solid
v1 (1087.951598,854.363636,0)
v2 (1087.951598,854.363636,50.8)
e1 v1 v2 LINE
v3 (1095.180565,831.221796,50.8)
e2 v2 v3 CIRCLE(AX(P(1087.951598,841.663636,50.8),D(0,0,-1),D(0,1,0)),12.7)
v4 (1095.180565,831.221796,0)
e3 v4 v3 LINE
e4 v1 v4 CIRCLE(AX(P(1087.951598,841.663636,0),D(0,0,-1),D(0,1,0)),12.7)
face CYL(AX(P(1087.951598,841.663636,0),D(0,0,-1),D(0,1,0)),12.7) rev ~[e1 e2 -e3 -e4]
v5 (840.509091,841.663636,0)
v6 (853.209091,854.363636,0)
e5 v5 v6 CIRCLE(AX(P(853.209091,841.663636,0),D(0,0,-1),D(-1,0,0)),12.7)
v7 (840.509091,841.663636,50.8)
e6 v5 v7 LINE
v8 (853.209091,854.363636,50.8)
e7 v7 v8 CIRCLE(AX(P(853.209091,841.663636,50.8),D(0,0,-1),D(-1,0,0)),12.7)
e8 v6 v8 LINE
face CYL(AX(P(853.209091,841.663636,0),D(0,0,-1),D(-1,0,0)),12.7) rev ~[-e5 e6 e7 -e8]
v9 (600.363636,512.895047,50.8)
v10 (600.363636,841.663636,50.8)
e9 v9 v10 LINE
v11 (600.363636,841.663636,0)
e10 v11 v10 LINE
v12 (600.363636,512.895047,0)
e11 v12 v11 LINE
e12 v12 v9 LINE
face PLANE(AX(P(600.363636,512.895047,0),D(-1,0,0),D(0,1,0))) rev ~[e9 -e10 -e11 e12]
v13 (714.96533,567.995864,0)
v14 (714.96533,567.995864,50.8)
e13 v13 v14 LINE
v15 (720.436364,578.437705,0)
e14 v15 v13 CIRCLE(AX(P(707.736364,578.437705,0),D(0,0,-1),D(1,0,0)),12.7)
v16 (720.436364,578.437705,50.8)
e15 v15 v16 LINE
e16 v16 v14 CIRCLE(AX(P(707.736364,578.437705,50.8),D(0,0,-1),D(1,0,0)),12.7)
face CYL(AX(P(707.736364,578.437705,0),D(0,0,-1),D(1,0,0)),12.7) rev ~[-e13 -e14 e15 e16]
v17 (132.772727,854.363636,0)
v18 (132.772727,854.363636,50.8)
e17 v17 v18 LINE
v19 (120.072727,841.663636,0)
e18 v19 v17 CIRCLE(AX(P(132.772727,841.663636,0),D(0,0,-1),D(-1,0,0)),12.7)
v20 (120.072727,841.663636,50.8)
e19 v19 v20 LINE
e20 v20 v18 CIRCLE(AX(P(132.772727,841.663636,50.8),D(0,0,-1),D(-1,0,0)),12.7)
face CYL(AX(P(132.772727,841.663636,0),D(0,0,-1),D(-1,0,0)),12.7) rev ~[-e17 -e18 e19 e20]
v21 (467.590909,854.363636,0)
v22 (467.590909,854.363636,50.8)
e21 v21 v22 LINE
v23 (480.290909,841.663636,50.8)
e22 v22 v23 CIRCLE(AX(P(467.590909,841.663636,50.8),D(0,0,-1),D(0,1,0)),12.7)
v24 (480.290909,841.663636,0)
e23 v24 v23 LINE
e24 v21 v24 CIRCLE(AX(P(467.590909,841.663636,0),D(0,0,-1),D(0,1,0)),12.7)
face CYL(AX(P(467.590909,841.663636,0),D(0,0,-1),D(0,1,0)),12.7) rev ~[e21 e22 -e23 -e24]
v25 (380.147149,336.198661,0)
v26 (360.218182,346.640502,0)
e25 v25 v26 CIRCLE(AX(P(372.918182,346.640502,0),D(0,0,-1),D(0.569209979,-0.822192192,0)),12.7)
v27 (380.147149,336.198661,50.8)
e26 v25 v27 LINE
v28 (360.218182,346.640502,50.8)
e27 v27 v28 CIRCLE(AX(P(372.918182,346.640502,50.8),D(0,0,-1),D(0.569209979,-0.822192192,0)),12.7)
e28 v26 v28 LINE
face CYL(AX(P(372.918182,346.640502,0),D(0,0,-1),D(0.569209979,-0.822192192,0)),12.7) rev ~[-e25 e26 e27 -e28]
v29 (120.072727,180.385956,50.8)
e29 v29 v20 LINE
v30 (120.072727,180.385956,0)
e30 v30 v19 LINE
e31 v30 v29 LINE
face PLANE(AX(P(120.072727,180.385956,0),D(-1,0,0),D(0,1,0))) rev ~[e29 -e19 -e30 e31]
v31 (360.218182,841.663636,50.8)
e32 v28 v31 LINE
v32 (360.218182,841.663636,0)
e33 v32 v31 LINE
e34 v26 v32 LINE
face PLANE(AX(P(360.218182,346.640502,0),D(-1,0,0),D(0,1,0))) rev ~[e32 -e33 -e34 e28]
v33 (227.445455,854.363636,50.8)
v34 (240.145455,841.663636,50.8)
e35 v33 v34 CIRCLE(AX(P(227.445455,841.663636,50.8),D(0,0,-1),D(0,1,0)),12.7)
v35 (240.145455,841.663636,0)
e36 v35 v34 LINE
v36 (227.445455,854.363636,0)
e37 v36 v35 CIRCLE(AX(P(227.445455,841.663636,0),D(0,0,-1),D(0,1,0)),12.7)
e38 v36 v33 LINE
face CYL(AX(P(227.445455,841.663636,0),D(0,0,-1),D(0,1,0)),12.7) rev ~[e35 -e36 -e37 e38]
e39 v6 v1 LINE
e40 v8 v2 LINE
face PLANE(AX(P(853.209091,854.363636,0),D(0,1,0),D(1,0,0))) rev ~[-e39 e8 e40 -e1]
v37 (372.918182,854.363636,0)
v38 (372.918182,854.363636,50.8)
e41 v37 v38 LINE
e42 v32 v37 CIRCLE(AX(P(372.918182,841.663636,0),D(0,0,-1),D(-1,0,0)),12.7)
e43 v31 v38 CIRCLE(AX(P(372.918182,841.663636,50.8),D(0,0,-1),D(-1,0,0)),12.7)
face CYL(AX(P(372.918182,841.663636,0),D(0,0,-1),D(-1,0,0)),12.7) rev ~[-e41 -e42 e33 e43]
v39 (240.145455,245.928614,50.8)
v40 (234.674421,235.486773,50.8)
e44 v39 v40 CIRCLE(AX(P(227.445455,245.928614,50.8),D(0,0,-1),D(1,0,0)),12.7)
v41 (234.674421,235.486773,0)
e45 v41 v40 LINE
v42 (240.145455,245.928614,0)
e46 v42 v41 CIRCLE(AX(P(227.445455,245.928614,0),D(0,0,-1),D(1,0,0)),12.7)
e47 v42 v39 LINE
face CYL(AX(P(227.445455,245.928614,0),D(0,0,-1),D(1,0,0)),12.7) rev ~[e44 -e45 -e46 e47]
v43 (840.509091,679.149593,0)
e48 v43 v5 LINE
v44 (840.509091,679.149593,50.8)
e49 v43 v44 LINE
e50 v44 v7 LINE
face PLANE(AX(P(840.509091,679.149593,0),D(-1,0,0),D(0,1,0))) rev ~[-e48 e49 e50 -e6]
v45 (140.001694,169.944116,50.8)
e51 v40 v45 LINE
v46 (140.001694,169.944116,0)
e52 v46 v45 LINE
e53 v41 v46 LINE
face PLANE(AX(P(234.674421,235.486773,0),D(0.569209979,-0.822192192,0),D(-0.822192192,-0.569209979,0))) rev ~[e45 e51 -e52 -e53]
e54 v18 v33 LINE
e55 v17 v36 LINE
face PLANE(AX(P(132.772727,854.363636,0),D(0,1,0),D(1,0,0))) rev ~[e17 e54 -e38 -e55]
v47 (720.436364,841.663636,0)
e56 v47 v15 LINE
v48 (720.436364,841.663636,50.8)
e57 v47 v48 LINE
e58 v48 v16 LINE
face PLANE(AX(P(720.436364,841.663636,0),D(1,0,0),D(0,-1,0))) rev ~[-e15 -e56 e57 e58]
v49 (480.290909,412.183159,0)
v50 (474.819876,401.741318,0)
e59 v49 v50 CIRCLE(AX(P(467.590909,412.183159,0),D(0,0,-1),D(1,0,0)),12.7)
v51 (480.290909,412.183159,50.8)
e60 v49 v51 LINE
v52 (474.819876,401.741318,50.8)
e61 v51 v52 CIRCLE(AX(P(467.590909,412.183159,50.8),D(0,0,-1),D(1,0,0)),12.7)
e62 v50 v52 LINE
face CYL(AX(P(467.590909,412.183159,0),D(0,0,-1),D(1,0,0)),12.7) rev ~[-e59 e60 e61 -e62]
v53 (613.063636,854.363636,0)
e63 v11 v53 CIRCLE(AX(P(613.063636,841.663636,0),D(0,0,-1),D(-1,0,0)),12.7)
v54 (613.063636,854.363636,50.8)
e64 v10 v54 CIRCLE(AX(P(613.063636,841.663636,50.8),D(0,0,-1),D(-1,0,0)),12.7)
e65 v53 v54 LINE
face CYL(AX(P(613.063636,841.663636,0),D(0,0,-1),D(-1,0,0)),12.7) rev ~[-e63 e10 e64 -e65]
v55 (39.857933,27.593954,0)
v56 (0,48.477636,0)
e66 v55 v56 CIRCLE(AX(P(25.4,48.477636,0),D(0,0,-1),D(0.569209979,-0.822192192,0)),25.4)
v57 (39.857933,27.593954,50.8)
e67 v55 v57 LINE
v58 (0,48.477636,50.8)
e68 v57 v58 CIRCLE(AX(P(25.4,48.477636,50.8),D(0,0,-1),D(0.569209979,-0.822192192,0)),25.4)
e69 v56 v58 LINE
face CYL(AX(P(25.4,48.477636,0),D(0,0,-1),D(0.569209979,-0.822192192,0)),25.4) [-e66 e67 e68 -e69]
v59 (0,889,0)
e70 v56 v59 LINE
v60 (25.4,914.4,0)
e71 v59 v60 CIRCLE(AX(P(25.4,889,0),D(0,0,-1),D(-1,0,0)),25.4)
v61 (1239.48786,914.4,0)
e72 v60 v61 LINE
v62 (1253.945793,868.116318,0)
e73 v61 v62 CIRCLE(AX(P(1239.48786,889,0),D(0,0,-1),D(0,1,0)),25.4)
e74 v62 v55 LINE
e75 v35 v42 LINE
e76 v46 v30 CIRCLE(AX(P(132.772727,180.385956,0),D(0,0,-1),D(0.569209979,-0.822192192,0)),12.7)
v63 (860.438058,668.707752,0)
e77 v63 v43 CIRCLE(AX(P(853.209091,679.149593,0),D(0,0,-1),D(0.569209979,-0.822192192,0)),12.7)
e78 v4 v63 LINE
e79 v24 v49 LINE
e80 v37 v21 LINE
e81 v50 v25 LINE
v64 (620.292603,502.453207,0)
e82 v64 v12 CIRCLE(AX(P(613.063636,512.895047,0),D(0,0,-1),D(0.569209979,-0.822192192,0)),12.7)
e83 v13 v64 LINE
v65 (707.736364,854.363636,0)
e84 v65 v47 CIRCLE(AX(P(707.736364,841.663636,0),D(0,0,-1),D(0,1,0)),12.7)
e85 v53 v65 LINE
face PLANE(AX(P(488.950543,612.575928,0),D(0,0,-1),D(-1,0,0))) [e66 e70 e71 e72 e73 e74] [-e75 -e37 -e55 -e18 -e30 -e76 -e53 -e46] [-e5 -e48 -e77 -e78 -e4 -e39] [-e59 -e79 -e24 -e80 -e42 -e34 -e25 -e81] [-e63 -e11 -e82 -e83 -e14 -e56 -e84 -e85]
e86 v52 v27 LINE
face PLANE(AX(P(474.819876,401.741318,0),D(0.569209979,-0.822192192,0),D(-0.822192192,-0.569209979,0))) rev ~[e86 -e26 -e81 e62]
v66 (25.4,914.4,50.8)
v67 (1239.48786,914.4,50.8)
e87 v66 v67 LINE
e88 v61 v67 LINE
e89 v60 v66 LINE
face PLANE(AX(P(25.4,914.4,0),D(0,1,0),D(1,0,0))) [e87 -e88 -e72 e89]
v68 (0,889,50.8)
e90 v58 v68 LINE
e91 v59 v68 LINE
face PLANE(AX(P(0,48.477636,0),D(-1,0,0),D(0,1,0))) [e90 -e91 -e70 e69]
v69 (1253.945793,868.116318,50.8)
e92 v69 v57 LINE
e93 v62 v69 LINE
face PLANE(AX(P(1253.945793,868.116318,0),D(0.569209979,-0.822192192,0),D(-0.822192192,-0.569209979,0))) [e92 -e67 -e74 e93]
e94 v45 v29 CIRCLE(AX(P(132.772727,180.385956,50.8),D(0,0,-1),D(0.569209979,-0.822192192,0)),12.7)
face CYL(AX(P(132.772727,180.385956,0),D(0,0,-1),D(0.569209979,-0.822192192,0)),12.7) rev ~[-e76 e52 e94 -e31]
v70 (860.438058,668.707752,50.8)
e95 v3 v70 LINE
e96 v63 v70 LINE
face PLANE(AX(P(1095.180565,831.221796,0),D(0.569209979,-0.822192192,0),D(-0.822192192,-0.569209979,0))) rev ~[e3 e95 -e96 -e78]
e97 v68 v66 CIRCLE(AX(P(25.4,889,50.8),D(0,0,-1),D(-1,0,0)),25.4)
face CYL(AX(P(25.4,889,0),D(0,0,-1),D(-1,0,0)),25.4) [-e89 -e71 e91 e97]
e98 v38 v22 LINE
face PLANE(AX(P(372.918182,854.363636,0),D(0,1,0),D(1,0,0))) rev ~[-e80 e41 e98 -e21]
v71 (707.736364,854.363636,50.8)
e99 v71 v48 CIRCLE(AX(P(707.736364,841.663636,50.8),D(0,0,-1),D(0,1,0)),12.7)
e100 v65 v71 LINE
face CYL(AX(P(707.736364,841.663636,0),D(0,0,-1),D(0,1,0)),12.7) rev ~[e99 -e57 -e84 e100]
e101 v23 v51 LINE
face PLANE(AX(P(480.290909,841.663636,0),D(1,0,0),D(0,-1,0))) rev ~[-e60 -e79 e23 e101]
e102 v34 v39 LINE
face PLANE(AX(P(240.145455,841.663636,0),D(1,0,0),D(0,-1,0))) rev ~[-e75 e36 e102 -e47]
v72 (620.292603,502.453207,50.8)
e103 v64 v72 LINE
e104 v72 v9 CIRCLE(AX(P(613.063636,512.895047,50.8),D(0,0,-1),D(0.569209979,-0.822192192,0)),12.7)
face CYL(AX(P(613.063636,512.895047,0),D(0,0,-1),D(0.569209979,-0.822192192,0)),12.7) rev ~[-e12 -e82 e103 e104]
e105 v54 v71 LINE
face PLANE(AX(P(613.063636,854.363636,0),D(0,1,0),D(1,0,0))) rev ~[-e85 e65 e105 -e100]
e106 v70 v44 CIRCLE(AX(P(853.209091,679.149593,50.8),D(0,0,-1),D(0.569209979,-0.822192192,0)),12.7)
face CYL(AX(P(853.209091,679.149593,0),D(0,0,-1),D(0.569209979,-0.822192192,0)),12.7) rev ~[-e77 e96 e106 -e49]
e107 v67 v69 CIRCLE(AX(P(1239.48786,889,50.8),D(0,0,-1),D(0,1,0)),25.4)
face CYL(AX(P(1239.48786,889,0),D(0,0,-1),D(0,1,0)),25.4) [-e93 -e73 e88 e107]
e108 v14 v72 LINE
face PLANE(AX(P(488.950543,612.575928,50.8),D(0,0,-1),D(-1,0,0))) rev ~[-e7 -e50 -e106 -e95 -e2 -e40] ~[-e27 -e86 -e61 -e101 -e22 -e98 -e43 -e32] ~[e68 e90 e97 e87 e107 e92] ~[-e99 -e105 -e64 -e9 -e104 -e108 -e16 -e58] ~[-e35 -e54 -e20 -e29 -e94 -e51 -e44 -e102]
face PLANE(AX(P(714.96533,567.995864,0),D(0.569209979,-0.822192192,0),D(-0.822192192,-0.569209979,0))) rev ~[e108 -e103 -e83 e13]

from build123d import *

# Parameters (mm, degrees)
BOSS_EXTRUDE2_DEPTH = 50.8


with BuildPart() as part:
    # Sketch1 → Boss-Extrude2 (new body)
    with BuildSketch(Plane.XY):
        with BuildLine():
            Line((0, 48.477635603), (0, 889))
            ThreePointArc((0, 889), (7.439487758, 906.960512242), (25.4, 914.4))
            Line((25.4, 914.4), (1239.487859684, 914.4))
            ThreePointArc((1239.487859684, 914.4), (1263.732503571, 896.573456464), (1253.945793147, 868.116318332))
            Line((1253.945793147, 868.116318332), (39.857933462, 27.593953935))
            ThreePointArc((39.857933462, 27.593953935), (13.611690324, 25.978841081), (0, 48.477635603))
        make_face()
        with BuildLine():
            Line((120.072727273, 180.3859565), (120.072727273, 841.663636364))
            ThreePointArc((120.072727273, 841.663636364), (123.792471152, 850.643892485), (132.772727273, 854.363636364))
            Line((132.772727273, 854.363636364), (227.445454545, 854.363636364))
            ThreePointArc((227.445454545, 854.363636364), (236.425710667, 850.643892485), (240.145454545, 841.663636364))
            Line((240.145454545, 841.663636364), (240.145454545, 245.928613843))
            ThreePointArc((240.145454545, 245.928613843), (238.694851807, 240.034459004), (234.674421277, 235.486773009))
            Line((234.674421277, 235.486773009), (140.001694004, 169.944115666))
            ThreePointArc((140.001694004, 169.944115666), (126.878572434, 169.136559239), (120.072727273, 180.3859565))
        make_face(mode=Mode.SUBTRACT)
        with BuildLine():
            Line((360.218181818, 346.640501955), (360.218181818, 841.663636364))
            ThreePointArc((360.218181818, 841.663636364), (363.937925697, 850.643892485), (372.918181818, 854.363636364))
            Line((372.918181818, 854.363636364), (467.590909091, 854.363636364))
            ThreePointArc((467.590909091, 854.363636364), (476.571165212, 850.643892485), (480.290909091, 841.663636364))
            Line((480.290909091, 841.663636364), (480.290909091, 412.183159297))
            ThreePointArc((480.290909091, 412.183159297), (478.840306352, 406.289004459), (474.819875822, 401.741318463))
            Line((474.819875822, 401.741318463), (380.147148549, 336.198661121))
            ThreePointArc((380.147148549, 336.198661121), (367.02402698, 335.391104693), (360.218181818, 346.640501955))
        make_face(mode=Mode.SUBTRACT)
        with BuildLine():
            Line((600.363636364, 512.895047409), (600.363636364, 841.663636364))
            ThreePointArc((600.363636364, 841.663636364), (604.083380243, 850.643892485), (613.063636364, 854.363636364))
            Line((613.063636364, 854.363636364), (707.736363636, 854.363636364))
            ThreePointArc((707.736363636, 854.363636364), (716.716619757, 850.643892485), (720.436363636, 841.663636364))
            Line((720.436363636, 841.663636364), (720.436363636, 578.437704752))
            ThreePointArc((720.436363636, 578.437704752), (718.985760898, 572.543549914), (714.965330368, 567.995863918))
            Line((714.965330368, 567.995863918), (620.292603095, 502.453206575))
            ThreePointArc((620.292603095, 502.453206575), (607.169481525, 501.645650148), (600.363636364, 512.895047409))
        make_face(mode=Mode.SUBTRACT)
        with BuildLine():
            Line((840.509090909, 679.149592864), (840.509090909, 841.663636364))
            ThreePointArc((840.509090909, 841.663636364), (844.228834788, 850.643892485), (853.209090909, 854.363636364))
            Line((853.209090909, 854.363636364), (1087.951598187, 854.363636364))
            ThreePointArc((1087.951598187, 854.363636364), (1100.07392013, 845.450364596), (1095.180564918, 831.22179553))
            Line((1095.180564918, 831.22179553), (860.43805764, 668.70775203))
            ThreePointArc((860.43805764, 668.70775203), (847.314936071, 667.900195602), (840.509090909, 679.149592864))
        make_face(mode=Mode.SUBTRACT)
    extrude(amount=BOSS_EXTRUDE2_DEPTH)


solid = part.part
